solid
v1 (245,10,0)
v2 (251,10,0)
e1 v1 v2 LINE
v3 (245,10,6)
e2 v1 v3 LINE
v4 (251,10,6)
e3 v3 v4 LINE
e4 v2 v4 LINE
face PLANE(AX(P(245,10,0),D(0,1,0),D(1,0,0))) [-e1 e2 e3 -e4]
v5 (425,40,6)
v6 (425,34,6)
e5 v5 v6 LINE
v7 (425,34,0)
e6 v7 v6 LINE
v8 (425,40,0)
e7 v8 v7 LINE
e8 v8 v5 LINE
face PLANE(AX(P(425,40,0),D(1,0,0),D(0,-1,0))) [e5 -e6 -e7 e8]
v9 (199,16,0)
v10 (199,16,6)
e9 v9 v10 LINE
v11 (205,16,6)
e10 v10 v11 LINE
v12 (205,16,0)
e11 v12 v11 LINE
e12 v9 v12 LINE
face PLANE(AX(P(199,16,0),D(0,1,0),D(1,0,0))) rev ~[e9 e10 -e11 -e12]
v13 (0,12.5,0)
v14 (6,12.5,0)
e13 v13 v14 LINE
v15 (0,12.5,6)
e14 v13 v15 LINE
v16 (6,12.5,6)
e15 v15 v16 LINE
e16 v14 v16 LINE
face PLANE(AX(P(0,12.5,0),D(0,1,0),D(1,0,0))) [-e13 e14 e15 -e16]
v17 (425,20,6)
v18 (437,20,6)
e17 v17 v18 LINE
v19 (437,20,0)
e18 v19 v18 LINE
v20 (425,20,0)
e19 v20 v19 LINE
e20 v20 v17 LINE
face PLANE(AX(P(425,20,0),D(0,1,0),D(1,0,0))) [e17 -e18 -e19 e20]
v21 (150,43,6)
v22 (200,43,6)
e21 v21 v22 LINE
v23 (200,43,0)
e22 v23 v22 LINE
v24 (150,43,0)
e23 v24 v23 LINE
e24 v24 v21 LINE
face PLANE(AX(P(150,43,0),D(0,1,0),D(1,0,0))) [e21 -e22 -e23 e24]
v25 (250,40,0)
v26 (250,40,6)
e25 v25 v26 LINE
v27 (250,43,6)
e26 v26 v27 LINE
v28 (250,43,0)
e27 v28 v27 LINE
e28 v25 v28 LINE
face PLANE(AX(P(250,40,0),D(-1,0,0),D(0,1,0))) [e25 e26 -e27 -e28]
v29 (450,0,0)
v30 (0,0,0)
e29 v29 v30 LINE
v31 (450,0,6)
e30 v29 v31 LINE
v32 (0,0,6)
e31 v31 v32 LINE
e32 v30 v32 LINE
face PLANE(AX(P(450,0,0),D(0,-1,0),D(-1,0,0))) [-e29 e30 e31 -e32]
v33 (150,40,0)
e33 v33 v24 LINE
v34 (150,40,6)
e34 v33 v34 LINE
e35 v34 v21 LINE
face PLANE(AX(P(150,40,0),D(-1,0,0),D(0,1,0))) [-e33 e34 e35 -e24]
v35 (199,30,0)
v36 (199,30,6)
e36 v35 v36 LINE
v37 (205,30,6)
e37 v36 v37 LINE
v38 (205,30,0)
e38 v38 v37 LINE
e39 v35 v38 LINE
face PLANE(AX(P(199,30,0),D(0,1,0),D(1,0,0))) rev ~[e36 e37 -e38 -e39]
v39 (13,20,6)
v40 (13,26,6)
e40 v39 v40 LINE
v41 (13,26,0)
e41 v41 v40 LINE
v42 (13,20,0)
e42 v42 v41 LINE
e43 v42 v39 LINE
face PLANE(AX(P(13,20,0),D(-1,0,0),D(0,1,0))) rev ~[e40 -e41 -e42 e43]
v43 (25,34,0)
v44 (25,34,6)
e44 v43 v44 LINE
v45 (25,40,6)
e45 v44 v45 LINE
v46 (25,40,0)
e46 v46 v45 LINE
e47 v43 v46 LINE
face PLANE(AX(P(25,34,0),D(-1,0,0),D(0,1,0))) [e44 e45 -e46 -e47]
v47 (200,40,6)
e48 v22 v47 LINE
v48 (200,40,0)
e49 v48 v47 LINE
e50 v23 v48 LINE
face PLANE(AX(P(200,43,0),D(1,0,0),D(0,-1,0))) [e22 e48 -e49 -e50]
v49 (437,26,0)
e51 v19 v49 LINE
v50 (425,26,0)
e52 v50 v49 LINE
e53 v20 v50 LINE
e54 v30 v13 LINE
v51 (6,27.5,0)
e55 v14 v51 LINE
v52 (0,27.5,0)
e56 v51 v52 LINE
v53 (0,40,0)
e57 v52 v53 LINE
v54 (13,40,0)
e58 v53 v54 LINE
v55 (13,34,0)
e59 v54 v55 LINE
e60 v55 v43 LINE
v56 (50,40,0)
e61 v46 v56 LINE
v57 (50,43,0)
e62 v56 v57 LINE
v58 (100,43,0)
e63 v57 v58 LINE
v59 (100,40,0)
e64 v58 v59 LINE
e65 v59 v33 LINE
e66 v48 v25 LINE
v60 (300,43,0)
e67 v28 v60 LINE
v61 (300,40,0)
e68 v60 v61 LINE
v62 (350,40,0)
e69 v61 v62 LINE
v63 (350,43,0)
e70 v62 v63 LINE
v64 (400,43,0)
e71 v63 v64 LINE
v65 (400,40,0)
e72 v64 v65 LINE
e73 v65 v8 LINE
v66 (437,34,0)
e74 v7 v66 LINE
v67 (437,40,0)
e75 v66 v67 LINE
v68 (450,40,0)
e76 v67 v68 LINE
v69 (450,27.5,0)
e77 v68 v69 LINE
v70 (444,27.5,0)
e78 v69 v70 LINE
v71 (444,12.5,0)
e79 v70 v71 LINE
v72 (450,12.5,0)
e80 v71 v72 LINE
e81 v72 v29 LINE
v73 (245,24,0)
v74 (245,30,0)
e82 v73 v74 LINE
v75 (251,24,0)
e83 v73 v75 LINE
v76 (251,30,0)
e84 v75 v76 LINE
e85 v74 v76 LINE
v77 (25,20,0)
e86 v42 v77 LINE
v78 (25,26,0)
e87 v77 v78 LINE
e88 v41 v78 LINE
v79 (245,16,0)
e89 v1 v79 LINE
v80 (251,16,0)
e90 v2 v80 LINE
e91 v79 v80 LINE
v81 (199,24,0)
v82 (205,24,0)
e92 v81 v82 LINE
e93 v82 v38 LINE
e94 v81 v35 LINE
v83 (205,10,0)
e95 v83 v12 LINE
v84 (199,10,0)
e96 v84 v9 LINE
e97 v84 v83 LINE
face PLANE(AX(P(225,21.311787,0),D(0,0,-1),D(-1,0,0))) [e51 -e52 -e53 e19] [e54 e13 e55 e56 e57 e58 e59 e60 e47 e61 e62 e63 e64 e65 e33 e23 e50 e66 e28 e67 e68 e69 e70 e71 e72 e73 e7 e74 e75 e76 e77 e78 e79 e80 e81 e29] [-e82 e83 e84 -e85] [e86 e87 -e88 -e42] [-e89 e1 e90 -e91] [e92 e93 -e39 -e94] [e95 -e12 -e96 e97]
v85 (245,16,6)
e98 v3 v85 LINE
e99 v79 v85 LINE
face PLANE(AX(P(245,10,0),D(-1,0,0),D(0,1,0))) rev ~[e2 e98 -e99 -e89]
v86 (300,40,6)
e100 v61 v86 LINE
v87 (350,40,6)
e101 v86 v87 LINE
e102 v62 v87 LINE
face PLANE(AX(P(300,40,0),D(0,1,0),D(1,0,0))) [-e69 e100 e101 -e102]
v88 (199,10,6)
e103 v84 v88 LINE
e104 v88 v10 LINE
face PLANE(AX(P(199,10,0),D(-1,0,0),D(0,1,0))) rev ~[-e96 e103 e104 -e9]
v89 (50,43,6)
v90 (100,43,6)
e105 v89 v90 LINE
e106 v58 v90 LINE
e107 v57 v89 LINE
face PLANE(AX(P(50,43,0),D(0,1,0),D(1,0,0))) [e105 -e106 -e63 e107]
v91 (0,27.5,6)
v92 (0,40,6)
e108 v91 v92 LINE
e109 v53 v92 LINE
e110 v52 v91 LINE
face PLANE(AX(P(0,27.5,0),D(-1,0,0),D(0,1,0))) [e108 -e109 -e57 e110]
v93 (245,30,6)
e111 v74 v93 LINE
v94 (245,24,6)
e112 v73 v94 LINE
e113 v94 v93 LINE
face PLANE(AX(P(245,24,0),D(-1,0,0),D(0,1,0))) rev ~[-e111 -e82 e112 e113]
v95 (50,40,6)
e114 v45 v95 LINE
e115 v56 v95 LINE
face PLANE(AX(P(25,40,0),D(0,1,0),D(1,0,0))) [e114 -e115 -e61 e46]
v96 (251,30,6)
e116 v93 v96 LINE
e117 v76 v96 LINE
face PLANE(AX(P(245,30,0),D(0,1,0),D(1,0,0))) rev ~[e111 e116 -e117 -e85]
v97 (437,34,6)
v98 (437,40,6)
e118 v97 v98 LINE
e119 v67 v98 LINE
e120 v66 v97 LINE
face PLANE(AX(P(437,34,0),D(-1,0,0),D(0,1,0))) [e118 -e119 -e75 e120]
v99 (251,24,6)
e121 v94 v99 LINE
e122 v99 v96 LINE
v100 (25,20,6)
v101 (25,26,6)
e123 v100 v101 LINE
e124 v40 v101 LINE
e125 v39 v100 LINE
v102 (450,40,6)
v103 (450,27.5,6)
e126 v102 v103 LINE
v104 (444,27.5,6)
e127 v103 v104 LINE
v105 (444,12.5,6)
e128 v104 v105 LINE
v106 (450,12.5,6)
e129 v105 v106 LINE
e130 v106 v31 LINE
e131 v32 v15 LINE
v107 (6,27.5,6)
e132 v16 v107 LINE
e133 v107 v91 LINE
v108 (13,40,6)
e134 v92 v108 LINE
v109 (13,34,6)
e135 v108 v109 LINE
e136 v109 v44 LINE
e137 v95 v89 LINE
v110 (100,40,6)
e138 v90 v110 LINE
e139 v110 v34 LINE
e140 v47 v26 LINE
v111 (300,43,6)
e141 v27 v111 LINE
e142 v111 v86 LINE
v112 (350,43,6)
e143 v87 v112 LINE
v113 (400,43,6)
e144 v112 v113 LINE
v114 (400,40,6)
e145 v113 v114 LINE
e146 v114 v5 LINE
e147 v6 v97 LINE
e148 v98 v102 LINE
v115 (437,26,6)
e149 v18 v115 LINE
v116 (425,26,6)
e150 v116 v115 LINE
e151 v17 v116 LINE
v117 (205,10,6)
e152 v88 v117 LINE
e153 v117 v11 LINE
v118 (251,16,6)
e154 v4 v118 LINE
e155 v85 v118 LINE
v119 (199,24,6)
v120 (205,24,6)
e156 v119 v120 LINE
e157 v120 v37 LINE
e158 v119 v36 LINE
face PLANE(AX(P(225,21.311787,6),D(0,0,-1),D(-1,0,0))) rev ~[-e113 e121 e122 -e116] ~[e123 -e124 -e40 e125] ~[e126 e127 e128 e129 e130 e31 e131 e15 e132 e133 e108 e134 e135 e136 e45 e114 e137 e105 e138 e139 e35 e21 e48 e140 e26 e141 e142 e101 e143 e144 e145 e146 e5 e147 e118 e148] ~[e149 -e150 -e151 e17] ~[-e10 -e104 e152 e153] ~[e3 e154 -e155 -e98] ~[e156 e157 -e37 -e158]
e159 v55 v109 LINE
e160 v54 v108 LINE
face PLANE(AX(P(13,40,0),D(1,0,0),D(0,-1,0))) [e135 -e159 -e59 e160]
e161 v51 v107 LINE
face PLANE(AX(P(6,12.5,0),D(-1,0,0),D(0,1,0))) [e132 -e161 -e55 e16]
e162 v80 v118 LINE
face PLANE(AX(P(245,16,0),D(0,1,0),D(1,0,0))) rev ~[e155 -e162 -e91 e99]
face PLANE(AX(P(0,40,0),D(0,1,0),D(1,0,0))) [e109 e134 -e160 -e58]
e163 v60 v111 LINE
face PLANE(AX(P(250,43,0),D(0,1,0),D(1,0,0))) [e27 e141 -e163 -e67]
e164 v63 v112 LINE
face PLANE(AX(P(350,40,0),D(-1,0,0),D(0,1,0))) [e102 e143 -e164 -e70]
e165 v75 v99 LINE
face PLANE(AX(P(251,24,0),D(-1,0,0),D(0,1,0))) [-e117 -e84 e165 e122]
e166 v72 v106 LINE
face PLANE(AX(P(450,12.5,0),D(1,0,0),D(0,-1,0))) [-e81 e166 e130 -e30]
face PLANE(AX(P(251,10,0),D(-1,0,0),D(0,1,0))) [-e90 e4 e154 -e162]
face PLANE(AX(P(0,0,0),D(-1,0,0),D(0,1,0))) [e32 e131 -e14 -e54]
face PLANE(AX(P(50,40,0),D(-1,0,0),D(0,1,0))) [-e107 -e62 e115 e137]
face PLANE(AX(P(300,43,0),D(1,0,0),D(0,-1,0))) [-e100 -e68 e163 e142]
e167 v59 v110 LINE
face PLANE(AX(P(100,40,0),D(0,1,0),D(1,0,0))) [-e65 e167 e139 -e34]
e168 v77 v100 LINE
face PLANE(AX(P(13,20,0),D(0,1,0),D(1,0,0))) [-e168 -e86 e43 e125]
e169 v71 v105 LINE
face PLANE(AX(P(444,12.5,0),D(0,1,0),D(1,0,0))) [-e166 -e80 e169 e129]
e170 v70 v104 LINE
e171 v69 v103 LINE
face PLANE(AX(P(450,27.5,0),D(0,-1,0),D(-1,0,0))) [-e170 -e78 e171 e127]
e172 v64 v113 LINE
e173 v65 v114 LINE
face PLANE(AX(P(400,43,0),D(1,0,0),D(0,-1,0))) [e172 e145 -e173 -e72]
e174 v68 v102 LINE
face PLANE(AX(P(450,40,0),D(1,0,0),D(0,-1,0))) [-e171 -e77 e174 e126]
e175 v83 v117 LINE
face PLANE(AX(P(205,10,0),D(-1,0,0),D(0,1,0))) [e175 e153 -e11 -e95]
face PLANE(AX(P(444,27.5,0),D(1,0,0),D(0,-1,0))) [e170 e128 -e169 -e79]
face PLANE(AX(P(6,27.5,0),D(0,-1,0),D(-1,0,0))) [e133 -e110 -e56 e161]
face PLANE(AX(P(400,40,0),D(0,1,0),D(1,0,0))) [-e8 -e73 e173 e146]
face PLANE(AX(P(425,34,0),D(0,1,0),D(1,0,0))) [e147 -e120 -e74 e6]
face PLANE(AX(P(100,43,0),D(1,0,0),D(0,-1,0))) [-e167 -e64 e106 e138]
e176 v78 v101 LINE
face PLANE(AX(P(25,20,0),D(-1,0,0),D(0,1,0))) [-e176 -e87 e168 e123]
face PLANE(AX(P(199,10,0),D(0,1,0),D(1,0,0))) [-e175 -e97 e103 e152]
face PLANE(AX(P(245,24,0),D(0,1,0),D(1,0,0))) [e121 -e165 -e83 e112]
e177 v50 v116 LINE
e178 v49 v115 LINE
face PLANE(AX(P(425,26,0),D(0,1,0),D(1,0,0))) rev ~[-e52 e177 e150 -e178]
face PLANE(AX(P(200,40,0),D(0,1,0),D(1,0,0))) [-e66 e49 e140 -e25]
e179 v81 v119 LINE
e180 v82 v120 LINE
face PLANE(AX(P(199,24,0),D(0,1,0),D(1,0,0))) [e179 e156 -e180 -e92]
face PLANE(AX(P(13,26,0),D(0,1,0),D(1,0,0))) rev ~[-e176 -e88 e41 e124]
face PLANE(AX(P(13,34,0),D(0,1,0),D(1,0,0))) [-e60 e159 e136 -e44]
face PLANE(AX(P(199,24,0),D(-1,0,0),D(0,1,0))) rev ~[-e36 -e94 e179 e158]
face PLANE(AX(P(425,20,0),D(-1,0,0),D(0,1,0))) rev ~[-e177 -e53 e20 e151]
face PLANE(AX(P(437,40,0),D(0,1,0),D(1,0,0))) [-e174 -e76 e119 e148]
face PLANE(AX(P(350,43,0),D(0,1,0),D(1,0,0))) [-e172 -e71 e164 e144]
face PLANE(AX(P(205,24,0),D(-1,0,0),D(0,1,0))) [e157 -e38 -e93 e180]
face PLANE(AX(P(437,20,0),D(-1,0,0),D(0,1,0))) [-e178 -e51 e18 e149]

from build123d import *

# Parameters (mm, degrees)
SKETCH_1_W      = 12
SKETCH_1_H      = 6
SKETCH_1_W_2    = 6
EXTRUDE_1_DEPTH = 6


with BuildPart() as part:
    # Эскиз1 → Бобышка-Вытянуть1 (new body)
    with BuildSketch(Plane.XY):
        Polygon((100, 40), (150, 40), (150, 43), (200, 43), (200, 40), (250, 40), (250, 43), (300, 43), (300, 40), (350, 40), (350, 43), (400, 43), (400, 40), (425, 40), (425, 34), (437, 34), (437, 40), (450, 40), (450, 27.5), (444, 27.5), (444, 12.5), (450, 12.5), (450, 0), (0, 0), (0, 12.5), (6, 12.5), (6, 27.5), (0, 27.5), (0, 40), (13, 40), (13, 34), (25, 34), (25, 40), (50, 40), (50, 43), (100, 43), align=None)
        with Locations((19, 23)):
            Rectangle(SKETCH_1_W, SKETCH_1_H, mode=Mode.SUBTRACT)
        with Locations((431, 23)):
            Rectangle(SKETCH_1_W, SKETCH_1_H, mode=Mode.SUBTRACT)
        with Locations((248, 27)):
            Rectangle(SKETCH_1_W_2, SKETCH_1_H, mode=Mode.SUBTRACT)
        with Locations((248, 13)):
            Rectangle(SKETCH_1_W_2, SKETCH_1_H, mode=Mode.SUBTRACT)
        with Locations((202, 27)):
            Rectangle(SKETCH_1_W_2, SKETCH_1_H, mode=Mode.SUBTRACT)
        with Locations((202, 13)):
            Rectangle(SKETCH_1_W_2, SKETCH_1_H, mode=Mode.SUBTRACT)
    extrude(amount=EXTRUDE_1_DEPTH)


solid = part.part
